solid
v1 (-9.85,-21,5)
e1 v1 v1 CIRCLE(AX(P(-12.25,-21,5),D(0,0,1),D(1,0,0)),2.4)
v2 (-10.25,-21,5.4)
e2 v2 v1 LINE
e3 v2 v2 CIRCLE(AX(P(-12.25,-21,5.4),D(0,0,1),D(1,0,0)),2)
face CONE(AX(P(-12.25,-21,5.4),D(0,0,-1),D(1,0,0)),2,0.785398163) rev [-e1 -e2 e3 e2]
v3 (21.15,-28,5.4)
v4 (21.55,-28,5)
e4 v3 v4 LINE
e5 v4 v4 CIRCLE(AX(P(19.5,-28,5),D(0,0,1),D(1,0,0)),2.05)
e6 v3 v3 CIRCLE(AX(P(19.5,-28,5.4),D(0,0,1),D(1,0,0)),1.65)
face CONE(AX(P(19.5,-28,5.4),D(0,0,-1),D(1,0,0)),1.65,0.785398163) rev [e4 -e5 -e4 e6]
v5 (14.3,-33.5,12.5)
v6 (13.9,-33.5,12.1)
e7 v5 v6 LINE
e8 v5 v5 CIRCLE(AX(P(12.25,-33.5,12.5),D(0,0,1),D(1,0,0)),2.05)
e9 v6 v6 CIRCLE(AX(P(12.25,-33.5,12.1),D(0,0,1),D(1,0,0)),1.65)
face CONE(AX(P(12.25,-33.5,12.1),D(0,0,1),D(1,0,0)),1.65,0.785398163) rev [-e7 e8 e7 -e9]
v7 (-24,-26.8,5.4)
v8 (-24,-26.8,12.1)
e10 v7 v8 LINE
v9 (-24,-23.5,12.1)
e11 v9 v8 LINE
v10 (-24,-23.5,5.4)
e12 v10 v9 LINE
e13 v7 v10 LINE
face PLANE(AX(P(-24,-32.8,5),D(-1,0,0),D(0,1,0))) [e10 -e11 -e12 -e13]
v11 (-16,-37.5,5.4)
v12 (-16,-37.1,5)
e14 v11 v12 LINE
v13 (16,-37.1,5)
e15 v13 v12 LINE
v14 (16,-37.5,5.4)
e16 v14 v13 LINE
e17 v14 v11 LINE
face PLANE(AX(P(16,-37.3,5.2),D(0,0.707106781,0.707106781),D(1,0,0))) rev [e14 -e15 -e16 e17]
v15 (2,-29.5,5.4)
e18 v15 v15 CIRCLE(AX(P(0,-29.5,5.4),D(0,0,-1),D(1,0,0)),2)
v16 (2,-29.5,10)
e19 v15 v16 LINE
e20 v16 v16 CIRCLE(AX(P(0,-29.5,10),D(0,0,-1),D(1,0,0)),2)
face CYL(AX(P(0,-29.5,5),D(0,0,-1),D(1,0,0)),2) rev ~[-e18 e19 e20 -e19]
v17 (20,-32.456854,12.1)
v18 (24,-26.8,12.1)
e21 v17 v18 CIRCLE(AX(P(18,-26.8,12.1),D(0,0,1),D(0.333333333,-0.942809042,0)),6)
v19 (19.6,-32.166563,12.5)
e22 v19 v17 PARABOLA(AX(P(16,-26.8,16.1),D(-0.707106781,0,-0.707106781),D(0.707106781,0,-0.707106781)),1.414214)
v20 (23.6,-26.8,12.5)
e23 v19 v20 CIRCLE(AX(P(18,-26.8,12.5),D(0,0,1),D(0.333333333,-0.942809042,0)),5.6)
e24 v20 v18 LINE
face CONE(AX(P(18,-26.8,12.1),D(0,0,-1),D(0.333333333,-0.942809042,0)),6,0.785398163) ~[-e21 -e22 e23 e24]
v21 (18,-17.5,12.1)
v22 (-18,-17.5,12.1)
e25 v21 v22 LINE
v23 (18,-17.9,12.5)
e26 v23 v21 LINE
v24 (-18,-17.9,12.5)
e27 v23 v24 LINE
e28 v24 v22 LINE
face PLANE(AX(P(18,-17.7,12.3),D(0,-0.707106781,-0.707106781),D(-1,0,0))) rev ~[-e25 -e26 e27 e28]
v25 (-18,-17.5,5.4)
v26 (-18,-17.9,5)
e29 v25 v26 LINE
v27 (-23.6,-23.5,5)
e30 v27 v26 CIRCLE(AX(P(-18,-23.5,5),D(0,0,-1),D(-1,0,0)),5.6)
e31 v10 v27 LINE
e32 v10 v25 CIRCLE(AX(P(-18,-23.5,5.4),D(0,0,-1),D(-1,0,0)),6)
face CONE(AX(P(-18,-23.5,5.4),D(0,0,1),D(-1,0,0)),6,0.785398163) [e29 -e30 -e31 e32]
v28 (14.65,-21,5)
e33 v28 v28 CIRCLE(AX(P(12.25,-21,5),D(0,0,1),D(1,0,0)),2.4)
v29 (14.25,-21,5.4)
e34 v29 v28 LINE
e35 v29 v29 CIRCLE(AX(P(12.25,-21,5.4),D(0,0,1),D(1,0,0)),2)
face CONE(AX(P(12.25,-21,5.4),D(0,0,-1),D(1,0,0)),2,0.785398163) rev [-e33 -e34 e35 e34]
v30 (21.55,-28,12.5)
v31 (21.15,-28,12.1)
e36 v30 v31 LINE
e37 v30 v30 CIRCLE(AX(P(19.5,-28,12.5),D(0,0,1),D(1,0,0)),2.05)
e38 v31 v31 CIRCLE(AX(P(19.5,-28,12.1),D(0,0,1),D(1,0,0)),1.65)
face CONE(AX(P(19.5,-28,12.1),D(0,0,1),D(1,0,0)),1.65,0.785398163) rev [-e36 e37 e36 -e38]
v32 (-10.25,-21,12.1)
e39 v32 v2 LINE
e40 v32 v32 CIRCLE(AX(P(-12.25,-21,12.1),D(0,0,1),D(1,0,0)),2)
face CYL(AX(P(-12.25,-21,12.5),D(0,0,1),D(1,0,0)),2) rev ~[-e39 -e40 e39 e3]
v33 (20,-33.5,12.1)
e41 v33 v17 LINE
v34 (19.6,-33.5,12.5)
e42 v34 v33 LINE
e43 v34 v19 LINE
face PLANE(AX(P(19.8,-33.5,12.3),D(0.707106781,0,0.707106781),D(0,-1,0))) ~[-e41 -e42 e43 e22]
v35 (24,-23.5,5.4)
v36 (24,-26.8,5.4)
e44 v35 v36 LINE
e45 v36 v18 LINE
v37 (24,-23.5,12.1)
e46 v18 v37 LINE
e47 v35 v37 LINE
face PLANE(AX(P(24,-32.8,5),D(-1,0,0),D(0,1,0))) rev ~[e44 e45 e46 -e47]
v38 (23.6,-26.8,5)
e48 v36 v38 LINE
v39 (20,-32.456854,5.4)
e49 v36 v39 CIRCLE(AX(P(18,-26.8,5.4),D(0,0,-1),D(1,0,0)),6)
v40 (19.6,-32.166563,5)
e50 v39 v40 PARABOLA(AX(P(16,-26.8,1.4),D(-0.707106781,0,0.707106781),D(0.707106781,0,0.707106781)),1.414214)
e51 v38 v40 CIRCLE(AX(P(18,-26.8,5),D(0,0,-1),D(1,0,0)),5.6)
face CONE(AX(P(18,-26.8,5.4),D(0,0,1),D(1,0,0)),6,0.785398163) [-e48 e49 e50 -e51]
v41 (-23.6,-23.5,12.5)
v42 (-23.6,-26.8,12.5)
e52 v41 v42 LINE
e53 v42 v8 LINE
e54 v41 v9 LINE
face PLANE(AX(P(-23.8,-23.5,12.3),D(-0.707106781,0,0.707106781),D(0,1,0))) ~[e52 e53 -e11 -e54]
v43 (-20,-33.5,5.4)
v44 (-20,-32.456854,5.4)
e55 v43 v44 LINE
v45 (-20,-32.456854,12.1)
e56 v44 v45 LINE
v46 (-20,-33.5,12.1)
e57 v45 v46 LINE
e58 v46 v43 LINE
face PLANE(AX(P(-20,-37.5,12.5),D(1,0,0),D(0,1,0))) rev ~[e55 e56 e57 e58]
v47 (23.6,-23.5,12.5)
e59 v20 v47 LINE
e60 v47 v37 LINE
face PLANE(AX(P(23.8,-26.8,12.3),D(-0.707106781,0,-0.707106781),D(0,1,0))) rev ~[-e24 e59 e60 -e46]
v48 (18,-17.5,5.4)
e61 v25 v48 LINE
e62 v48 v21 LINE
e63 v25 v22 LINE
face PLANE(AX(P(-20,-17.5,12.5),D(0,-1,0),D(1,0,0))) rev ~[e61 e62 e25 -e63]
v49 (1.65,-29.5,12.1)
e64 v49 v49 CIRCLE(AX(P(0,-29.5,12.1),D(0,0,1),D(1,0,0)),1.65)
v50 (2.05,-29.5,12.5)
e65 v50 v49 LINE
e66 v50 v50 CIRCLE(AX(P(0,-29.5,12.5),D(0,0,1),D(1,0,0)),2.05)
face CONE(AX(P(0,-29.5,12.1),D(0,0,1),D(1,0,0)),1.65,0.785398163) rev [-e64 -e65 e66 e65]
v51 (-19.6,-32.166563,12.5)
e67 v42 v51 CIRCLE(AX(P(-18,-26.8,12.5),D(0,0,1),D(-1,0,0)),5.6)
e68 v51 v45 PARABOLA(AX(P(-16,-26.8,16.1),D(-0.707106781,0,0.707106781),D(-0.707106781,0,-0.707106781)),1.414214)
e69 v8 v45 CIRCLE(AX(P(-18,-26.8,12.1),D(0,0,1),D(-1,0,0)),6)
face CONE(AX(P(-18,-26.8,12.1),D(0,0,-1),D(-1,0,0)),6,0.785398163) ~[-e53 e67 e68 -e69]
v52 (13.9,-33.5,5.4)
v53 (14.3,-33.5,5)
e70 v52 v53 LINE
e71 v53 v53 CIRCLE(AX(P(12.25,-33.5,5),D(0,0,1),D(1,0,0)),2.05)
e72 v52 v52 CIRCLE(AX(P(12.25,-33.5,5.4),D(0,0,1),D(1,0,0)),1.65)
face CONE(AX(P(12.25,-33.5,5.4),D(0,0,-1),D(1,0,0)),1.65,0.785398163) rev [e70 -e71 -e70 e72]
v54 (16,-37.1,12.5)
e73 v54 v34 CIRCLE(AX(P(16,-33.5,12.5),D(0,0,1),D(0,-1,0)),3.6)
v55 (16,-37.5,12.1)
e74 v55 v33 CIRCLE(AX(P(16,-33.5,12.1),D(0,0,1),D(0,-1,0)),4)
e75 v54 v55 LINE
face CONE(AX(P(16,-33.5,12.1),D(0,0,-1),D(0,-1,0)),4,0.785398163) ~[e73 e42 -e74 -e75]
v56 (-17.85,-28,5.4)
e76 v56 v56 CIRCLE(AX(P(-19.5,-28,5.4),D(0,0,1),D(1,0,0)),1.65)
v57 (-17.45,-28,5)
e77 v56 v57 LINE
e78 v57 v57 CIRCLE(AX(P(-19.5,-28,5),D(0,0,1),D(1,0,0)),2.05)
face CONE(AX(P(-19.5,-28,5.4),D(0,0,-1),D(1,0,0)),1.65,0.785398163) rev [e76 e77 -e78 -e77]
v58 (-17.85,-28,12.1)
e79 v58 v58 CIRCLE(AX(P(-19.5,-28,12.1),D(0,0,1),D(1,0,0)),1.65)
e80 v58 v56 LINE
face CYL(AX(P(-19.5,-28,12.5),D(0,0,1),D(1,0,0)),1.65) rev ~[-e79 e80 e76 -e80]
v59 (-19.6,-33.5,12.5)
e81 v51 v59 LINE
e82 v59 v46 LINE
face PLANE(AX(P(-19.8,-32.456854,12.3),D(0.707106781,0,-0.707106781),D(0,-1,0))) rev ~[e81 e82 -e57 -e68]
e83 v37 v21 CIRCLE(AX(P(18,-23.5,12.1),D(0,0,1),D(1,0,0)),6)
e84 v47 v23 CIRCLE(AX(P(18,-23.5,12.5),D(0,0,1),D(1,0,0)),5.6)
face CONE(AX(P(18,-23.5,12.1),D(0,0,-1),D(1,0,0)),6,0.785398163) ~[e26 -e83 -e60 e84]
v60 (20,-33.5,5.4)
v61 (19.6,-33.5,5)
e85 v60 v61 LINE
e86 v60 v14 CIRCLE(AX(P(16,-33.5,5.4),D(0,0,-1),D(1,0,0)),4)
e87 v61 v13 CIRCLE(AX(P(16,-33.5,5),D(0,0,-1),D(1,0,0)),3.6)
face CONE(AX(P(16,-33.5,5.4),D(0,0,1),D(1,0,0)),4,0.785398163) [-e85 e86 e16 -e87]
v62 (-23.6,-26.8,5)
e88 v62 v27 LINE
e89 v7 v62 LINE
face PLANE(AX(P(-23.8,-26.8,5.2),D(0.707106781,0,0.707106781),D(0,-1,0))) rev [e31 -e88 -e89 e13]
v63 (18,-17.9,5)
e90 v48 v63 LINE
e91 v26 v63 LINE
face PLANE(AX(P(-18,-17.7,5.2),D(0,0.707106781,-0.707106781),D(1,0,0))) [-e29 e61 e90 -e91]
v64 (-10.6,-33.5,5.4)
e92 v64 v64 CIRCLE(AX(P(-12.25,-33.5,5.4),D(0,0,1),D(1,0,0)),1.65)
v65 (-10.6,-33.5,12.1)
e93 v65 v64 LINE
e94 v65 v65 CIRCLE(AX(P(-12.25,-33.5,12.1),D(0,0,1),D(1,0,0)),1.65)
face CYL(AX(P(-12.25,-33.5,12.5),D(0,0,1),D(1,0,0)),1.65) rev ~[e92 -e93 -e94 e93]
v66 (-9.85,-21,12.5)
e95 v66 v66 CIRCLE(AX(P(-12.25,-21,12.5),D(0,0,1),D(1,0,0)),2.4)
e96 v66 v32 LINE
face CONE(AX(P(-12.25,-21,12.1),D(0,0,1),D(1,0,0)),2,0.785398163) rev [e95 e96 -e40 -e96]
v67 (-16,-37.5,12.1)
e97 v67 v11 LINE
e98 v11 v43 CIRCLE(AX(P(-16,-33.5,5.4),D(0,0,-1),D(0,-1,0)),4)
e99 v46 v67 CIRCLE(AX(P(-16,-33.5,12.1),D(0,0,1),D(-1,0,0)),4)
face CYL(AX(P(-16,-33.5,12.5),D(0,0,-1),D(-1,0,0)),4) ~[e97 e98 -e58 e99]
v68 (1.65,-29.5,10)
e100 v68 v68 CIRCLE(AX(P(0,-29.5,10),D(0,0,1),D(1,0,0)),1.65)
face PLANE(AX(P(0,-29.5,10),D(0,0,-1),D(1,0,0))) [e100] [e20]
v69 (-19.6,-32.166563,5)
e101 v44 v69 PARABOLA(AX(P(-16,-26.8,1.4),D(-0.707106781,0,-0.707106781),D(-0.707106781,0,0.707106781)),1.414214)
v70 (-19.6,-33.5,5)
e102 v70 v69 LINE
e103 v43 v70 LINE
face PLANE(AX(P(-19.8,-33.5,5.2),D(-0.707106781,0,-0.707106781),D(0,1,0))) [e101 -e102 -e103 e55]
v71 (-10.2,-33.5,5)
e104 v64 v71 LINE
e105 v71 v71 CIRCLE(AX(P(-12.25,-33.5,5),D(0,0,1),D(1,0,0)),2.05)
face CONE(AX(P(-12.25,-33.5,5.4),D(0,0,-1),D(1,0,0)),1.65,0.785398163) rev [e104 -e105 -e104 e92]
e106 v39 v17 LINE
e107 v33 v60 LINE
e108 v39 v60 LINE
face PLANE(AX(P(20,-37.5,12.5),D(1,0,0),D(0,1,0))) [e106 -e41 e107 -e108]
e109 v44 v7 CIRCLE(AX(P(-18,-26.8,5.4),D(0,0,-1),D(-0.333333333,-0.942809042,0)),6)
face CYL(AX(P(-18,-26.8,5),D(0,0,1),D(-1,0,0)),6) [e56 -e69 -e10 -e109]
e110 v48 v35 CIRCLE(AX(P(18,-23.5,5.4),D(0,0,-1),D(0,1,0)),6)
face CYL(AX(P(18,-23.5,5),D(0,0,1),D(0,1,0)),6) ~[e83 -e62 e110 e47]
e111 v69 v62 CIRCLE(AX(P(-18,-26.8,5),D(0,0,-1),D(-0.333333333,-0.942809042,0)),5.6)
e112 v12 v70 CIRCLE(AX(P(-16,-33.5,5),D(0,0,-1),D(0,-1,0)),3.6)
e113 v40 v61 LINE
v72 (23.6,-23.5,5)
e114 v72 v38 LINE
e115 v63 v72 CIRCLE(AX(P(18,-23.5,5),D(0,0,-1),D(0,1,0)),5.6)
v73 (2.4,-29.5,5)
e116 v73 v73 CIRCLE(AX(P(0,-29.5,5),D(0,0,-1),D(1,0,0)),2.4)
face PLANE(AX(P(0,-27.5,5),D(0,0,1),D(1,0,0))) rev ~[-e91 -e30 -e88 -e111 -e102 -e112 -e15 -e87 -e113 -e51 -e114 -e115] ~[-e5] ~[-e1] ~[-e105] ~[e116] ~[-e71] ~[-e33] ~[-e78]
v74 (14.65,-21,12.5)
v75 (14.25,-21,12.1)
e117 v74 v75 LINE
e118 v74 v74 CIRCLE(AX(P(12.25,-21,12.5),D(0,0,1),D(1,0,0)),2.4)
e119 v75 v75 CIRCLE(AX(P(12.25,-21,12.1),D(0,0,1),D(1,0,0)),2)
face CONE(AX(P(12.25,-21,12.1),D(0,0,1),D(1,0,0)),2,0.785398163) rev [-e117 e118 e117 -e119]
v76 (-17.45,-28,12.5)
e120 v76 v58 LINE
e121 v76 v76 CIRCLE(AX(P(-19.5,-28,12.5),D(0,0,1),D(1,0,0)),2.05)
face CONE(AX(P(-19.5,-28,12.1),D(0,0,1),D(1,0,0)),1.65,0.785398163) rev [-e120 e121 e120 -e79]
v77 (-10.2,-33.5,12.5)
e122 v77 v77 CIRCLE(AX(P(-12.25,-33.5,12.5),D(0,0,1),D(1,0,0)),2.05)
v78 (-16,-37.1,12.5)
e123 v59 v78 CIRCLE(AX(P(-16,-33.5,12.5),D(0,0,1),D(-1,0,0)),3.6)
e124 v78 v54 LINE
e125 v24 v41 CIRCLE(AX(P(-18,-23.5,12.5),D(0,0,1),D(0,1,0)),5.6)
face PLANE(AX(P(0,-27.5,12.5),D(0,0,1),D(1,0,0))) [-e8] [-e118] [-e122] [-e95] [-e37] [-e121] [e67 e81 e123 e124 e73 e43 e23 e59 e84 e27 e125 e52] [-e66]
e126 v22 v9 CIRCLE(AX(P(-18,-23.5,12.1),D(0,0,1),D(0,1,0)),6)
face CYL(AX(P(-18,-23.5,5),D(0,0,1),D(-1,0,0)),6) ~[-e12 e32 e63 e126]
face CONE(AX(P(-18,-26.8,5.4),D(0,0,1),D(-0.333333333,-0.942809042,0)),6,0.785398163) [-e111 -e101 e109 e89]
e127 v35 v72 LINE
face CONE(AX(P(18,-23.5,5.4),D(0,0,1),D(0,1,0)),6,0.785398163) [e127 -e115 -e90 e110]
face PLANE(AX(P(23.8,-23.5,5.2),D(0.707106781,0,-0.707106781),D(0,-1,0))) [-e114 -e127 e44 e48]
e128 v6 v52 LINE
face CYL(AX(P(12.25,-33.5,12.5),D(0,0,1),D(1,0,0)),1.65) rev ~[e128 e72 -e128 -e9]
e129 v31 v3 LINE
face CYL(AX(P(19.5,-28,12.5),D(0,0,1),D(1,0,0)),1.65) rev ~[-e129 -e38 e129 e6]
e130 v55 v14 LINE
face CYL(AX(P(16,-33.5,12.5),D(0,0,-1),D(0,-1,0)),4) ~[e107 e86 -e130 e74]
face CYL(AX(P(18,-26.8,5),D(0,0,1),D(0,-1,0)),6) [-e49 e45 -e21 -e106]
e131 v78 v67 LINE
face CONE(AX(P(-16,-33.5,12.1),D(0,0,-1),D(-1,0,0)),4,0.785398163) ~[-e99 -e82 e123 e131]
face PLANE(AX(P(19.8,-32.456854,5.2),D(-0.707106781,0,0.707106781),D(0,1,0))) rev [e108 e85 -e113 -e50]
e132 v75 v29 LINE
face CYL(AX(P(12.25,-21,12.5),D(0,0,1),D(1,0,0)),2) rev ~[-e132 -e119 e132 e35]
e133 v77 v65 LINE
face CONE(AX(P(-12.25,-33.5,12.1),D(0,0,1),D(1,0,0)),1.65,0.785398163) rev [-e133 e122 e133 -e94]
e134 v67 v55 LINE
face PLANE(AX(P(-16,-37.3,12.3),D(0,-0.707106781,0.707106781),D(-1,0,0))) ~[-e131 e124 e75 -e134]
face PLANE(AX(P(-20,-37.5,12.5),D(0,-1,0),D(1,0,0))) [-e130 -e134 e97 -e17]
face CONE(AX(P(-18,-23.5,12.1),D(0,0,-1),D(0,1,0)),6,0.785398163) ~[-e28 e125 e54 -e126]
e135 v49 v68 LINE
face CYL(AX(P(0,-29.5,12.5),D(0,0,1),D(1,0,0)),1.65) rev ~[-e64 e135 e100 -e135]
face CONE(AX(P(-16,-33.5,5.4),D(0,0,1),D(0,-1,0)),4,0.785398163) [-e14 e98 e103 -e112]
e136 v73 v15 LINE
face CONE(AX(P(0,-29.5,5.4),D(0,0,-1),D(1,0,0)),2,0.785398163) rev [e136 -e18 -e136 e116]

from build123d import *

# Parameters (mm, degrees)
SKETCH016_W     = 48
SKETCH016_H     = 15.3
PAD008_DEPTH    = 7.5
FILLET006_R     = 6
SKETCH017_W     = 40
SKETCH017_H     = 20
PAD009_DEPTH    = 7.5
FILLET007_R     = 4
FILLET008_R     = 6
SKETCH018_R     = 1.65
SKETCH018_R_2   = 2
POCKET012_DEPTH = 7.501
SKETCH021_R     = 2
POCKET015_DEPTH = 5
CHAMFER012_SIZE = 0.4


with BuildPart() as part:
    # Sketch016 → Pad008 (new body)
    with BuildSketch(Plane.XY):
        with Locations((0, -7.65)):
            Rectangle(SKETCH016_W, SKETCH016_H)
    extrude(amount=PAD008_DEPTH)

    # Fillet006
    fillet006_edges = [part.edges().sort_by_distance(p)[0] for p in [
        (-24, -15.3, 3.75),
        (24, -15.3, 3.75),
    ]]
    fillet(fillet006_edges, radius=FILLET006_R)

    # Sketch017 (on Face5 of Fillet006) → Pad009 (join)
    with BuildSketch(Plane.XY.offset(7.5)):
        with Locations((0, -10)):
            Rectangle(SKETCH017_W, SKETCH017_H)
    extrude(amount=-PAD009_DEPTH)

    # Fillet007
    fillet007_edges = [part.edges().sort_by_distance(p)[0] for p in [
        (-20, -20, 3.75),
        (20, -20, 3.75),
    ]]
    fillet(fillet007_edges, radius=FILLET007_R)

    # Fillet008
    fillet008_edges = [part.edges().sort_by_distance(p)[0] for p in [
        (-24, 0, 3.75),
        (24, 0, 3.75),
    ]]
    fillet(fillet008_edges, radius=FILLET008_R)

    # Sketch018 (on Face5 of Fillet008) → Pocket012 (cut, through all)
    with BuildSketch(Plane.XY.offset(7.5)):
        with Locations((-12.25, -16)):
            Circle(SKETCH018_R)
        with Locations((12.25, -16)):
            Circle(SKETCH018_R)
        with Locations((12.25, -3.5)):
            Circle(SKETCH018_R_2)
        with Locations((-12.25, -3.5)):
            Circle(SKETCH018_R_2)
        with Locations((-19.5, -10.5)):
            Circle(SKETCH018_R)
        with Locations((19.5, -10.5)):
            Circle(SKETCH018_R)
        with Locations((0, -12)):
            Circle(SKETCH018_R)
    extrude(amount=-POCKET012_DEPTH, mode=Mode.SUBTRACT)

    # Sketch021 (on Face2 of Pocket012) → Pocket015 (cut)
    with BuildSketch(Plane(origin=(0, 0, 0), x_dir=(1, 0, 0), z_dir=(0, 0, -1))):
        with Locations((0, 12)):
            Circle(SKETCH021_R)
    extrude(amount=-POCKET015_DEPTH, mode=Mode.SUBTRACT)

    # Chamfer012
    chamfer012_edges = [part.edges().sort_by_distance(p)[0] for p in [
        (-24, -7.65, 0),
        (-22.242641, -1.757359, 0),
        (-22.898979, -12.764102, 0),
        (0, 0, 0),
        (-20, -15.478427, 0),
        (22.242641, -1.757359, 0),
        (-18.828427, -18.828427, 0),
        (24, -7.65, 0),
        (0, -20, 0),
        (22.898979, -12.764102, 0),
        (18.828427, -18.828427, 0),
        (20, -15.478427, 0),
        (10.6, -16, 0),
        (17.85, -10.5, 0),
        (-13.9, -16, 0),
        (-2, -12, 0),
        (-21.15, -10.5, 0),
        (10.25, -3.5, 0),
        (-14.25, -3.5, 0),
        (24, -7.65, 7.5),
        (22.242641, -1.757359, 7.5),
        (22.898979, -12.764102, 7.5),
        (0, 0, 7.5),
        (20, -15.478427, 7.5),
        (-22.242641, -1.757359, 7.5),
        (18.828427, -18.828427, 7.5),
        (-24, -7.65, 7.5),
        (0, -20, 7.5),
        (-22.898979, -12.764102, 7.5),
        (-18.828427, -18.828427, 7.5),
        (-20, -15.478427, 7.5),
        (-13.9, -16, 7.5),
        (-21.15, -10.5, 7.5),
        (10.6, -16, 7.5),
        (-1.65, -12, 7.5),
        (17.85, -10.5, 7.5),
        (-14.25, -3.5, 7.5),
        (10.25, -3.5, 7.5),
    ]]
    chamfer(chamfer012_edges, length=CHAMFER012_SIZE)


with BuildPart() as part_1:
    # Body010 placement: moved
    add(part.part.moved(Location((0, -17.5, 5))))


solid = part_1.part
